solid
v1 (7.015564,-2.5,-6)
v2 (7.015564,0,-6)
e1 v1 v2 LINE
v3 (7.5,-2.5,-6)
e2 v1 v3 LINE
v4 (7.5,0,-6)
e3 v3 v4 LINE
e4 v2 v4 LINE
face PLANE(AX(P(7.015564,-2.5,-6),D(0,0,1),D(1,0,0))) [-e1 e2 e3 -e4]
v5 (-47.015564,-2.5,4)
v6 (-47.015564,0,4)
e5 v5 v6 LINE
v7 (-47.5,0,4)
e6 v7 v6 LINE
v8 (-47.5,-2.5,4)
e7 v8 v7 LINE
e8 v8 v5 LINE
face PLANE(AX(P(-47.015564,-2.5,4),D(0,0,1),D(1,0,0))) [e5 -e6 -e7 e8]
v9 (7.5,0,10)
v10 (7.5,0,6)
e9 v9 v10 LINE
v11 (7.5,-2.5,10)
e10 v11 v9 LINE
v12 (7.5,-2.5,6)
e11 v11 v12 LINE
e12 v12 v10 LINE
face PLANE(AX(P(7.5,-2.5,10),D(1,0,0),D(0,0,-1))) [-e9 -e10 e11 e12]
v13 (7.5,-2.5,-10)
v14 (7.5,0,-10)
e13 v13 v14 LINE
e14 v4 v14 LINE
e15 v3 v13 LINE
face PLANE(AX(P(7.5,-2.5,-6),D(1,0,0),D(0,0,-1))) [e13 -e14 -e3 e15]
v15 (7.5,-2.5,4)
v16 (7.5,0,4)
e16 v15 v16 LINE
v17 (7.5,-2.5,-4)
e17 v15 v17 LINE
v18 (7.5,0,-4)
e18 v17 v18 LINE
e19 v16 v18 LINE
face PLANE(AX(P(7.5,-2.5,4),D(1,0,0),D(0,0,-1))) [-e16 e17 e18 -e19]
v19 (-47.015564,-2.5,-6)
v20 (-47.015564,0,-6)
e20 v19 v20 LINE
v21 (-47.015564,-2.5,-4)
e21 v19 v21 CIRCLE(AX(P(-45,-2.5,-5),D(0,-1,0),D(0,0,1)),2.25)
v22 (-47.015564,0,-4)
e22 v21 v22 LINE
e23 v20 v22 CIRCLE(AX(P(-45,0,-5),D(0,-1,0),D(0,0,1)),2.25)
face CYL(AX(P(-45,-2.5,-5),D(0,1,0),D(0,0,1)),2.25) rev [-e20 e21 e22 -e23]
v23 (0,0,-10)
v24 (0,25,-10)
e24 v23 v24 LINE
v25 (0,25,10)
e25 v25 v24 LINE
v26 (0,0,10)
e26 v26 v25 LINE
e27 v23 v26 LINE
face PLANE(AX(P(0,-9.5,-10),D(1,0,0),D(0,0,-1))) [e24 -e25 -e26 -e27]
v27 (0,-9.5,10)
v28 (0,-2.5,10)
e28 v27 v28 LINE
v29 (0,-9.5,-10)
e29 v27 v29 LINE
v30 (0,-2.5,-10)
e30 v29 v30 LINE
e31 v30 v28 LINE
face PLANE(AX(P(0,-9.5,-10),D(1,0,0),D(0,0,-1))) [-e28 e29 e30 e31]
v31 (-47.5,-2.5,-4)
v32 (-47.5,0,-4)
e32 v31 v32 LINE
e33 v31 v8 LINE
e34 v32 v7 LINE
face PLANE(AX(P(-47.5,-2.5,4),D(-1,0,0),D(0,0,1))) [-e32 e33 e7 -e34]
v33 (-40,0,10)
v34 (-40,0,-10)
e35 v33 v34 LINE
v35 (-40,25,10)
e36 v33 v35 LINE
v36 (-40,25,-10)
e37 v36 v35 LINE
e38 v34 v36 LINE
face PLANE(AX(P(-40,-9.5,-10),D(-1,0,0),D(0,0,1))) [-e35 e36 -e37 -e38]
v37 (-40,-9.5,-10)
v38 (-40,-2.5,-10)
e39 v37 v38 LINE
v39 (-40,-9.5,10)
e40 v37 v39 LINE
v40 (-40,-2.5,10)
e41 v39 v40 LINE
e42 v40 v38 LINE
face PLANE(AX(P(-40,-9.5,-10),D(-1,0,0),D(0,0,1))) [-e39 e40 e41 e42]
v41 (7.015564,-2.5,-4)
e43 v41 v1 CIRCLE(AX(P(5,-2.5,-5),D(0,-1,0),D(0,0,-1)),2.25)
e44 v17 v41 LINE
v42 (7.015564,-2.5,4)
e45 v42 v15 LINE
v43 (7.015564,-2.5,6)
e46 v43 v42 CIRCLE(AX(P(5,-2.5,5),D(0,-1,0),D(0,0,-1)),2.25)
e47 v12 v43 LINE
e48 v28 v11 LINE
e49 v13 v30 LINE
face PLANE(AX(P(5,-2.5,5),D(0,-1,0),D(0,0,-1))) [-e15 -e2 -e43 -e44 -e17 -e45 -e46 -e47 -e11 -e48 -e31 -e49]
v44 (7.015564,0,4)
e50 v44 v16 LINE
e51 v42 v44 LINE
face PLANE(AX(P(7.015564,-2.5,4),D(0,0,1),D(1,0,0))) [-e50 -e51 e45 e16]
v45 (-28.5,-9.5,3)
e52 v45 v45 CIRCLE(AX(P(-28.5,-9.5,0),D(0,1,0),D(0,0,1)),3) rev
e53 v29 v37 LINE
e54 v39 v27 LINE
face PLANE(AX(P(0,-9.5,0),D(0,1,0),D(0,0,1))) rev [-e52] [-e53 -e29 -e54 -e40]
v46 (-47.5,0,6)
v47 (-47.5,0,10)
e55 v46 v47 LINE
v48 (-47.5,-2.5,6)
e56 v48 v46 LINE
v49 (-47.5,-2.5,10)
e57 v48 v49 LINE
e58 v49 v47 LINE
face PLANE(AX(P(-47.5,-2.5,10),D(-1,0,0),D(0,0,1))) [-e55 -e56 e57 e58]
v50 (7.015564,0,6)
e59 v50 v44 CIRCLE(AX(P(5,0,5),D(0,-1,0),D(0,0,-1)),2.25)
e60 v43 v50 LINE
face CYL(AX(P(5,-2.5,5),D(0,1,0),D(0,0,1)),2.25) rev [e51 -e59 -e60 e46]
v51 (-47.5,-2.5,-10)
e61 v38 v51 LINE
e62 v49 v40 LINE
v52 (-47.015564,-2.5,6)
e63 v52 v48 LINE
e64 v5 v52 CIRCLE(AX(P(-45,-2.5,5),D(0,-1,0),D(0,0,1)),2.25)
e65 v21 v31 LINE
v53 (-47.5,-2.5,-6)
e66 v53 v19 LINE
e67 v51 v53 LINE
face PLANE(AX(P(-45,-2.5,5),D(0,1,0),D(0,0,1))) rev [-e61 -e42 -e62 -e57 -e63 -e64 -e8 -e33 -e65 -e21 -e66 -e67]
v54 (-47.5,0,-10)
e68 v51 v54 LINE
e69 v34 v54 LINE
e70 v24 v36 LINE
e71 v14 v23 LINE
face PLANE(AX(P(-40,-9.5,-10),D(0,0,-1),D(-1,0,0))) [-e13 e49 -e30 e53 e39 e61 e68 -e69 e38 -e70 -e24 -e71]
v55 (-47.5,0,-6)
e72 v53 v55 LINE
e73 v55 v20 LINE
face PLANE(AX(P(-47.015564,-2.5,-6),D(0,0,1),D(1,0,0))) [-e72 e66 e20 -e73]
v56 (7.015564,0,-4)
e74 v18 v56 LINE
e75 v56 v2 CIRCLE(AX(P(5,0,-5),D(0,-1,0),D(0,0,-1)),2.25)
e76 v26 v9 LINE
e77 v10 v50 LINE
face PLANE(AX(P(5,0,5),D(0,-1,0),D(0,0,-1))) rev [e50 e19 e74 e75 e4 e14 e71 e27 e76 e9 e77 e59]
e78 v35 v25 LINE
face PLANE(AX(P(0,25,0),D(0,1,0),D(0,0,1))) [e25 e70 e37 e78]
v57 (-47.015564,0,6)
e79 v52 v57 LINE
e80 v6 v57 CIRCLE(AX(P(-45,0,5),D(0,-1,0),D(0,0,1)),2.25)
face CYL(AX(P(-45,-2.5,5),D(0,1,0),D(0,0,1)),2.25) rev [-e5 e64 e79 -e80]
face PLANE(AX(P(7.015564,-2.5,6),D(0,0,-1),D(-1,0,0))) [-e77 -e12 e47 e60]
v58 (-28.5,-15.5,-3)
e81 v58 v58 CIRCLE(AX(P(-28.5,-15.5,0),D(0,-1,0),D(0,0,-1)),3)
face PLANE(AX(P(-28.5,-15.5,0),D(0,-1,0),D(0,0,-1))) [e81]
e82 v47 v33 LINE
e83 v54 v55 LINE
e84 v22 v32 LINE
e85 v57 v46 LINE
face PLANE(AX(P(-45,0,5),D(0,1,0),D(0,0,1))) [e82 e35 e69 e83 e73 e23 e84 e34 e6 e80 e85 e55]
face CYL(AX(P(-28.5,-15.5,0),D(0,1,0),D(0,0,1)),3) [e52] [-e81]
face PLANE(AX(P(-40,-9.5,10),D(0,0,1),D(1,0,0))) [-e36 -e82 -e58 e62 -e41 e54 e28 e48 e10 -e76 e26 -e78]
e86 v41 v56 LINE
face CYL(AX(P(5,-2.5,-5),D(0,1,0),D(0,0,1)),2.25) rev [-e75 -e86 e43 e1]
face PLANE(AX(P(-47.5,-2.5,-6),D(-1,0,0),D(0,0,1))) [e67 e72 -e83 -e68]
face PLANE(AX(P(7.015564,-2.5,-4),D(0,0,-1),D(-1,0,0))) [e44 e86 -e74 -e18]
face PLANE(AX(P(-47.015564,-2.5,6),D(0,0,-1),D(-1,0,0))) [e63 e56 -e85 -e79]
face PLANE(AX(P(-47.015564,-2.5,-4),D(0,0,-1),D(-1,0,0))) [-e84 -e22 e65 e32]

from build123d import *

# Parameters (mm, degrees)
SKETCH1_W                = 40
SKETCH1_H                = 20
BOSS_EXTRUDE1_DEPTH      = 25
BOSS_EXTRUDE1_DEPTH_BACK = 9.5
BOSS_EXTRUDE2_DEPTH      = 2.5
SKETCH3_R                = 3
BOSS_EXTRUDE3_DEPTH      = 6


with BuildPart() as part:
    # Sketch1 → Boss-Extrude1 (new body, two sides)
    with BuildSketch(Plane(origin=(0, 0, 0), x_dir=(1, 0, 0), z_dir=(0, 1, 0))) as boss_extrude1_sk:
        with Locations((-20, 0)):
            Rectangle(SKETCH1_W, SKETCH1_H)
    extrude(amount=BOSS_EXTRUDE1_DEPTH)
    extrude(boss_extrude1_sk.sketch, amount=-BOSS_EXTRUDE1_DEPTH_BACK)

    # Sketch2 → Boss-Extrude2 (add)
    with BuildSketch(Plane(origin=(0, 0, 0), x_dir=(1, 0, 0), z_dir=(0, 1, 0))):
        with BuildLine():
            Line((-40, 10), (-47.5, 10))
            Line((-47.5, 10), (-47.5, 6))
            Line((-47.5, 6), (-47.015564437, 6))
            ThreePointArc((-47.015564437, 6), (-42.75, 5), (-47.015564437, 4))
            Line((-47.015564437, 4), (-47.5, 4))
            Line((-47.5, 4), (-47.5, -4))
            Line((-47.5, -4), (-47.015564437, -4))
            ThreePointArc((-47.015564437, -4), (-42.75, -5), (-47.015564437, -6))
            Line((-47.015564437, -6), (-47.5, -6))
            Line((-47.5, -6), (-47.5, -10))
            Line((-47.5, -10), (-40, -10))
            Line((-40, -10), (-40, 10))
        make_face()
        with BuildLine():
            Line((7.5, -4), (7.5, 4))
            Line((7.5, 4), (7.015564437, 4))
            ThreePointArc((7.015564437, 4), (2.75, 5), (7.015564437, 6))
            Line((7.015564437, 6), (7.5, 6))
            Line((7.5, 6), (7.5, 10))
            Line((7.5, 10), (0, 10))
            Line((0, 10), (0, -10))
            Line((0, -10), (7.5, -10))
            Line((7.5, -10), (7.5, -6))
            Line((7.5, -6), (7.015564437, -6))
            ThreePointArc((7.015564437, -6), (2.75, -5), (7.015564437, -4))
            Line((7.015564437, -4), (7.5, -4))
        make_face()
    extrude(amount=-BOSS_EXTRUDE2_DEPTH)

    # Sketch3 → Boss-Extrude3 (add)
    with BuildSketch(Plane(origin=(0, -9.5, 0), x_dir=(-1, 0, 0), z_dir=(0, -1, 0))):
        with Locations((28.5, 0)):
            Circle(SKETCH3_R)
    extrude(amount=BOSS_EXTRUDE3_DEPTH)


solid = part.part
